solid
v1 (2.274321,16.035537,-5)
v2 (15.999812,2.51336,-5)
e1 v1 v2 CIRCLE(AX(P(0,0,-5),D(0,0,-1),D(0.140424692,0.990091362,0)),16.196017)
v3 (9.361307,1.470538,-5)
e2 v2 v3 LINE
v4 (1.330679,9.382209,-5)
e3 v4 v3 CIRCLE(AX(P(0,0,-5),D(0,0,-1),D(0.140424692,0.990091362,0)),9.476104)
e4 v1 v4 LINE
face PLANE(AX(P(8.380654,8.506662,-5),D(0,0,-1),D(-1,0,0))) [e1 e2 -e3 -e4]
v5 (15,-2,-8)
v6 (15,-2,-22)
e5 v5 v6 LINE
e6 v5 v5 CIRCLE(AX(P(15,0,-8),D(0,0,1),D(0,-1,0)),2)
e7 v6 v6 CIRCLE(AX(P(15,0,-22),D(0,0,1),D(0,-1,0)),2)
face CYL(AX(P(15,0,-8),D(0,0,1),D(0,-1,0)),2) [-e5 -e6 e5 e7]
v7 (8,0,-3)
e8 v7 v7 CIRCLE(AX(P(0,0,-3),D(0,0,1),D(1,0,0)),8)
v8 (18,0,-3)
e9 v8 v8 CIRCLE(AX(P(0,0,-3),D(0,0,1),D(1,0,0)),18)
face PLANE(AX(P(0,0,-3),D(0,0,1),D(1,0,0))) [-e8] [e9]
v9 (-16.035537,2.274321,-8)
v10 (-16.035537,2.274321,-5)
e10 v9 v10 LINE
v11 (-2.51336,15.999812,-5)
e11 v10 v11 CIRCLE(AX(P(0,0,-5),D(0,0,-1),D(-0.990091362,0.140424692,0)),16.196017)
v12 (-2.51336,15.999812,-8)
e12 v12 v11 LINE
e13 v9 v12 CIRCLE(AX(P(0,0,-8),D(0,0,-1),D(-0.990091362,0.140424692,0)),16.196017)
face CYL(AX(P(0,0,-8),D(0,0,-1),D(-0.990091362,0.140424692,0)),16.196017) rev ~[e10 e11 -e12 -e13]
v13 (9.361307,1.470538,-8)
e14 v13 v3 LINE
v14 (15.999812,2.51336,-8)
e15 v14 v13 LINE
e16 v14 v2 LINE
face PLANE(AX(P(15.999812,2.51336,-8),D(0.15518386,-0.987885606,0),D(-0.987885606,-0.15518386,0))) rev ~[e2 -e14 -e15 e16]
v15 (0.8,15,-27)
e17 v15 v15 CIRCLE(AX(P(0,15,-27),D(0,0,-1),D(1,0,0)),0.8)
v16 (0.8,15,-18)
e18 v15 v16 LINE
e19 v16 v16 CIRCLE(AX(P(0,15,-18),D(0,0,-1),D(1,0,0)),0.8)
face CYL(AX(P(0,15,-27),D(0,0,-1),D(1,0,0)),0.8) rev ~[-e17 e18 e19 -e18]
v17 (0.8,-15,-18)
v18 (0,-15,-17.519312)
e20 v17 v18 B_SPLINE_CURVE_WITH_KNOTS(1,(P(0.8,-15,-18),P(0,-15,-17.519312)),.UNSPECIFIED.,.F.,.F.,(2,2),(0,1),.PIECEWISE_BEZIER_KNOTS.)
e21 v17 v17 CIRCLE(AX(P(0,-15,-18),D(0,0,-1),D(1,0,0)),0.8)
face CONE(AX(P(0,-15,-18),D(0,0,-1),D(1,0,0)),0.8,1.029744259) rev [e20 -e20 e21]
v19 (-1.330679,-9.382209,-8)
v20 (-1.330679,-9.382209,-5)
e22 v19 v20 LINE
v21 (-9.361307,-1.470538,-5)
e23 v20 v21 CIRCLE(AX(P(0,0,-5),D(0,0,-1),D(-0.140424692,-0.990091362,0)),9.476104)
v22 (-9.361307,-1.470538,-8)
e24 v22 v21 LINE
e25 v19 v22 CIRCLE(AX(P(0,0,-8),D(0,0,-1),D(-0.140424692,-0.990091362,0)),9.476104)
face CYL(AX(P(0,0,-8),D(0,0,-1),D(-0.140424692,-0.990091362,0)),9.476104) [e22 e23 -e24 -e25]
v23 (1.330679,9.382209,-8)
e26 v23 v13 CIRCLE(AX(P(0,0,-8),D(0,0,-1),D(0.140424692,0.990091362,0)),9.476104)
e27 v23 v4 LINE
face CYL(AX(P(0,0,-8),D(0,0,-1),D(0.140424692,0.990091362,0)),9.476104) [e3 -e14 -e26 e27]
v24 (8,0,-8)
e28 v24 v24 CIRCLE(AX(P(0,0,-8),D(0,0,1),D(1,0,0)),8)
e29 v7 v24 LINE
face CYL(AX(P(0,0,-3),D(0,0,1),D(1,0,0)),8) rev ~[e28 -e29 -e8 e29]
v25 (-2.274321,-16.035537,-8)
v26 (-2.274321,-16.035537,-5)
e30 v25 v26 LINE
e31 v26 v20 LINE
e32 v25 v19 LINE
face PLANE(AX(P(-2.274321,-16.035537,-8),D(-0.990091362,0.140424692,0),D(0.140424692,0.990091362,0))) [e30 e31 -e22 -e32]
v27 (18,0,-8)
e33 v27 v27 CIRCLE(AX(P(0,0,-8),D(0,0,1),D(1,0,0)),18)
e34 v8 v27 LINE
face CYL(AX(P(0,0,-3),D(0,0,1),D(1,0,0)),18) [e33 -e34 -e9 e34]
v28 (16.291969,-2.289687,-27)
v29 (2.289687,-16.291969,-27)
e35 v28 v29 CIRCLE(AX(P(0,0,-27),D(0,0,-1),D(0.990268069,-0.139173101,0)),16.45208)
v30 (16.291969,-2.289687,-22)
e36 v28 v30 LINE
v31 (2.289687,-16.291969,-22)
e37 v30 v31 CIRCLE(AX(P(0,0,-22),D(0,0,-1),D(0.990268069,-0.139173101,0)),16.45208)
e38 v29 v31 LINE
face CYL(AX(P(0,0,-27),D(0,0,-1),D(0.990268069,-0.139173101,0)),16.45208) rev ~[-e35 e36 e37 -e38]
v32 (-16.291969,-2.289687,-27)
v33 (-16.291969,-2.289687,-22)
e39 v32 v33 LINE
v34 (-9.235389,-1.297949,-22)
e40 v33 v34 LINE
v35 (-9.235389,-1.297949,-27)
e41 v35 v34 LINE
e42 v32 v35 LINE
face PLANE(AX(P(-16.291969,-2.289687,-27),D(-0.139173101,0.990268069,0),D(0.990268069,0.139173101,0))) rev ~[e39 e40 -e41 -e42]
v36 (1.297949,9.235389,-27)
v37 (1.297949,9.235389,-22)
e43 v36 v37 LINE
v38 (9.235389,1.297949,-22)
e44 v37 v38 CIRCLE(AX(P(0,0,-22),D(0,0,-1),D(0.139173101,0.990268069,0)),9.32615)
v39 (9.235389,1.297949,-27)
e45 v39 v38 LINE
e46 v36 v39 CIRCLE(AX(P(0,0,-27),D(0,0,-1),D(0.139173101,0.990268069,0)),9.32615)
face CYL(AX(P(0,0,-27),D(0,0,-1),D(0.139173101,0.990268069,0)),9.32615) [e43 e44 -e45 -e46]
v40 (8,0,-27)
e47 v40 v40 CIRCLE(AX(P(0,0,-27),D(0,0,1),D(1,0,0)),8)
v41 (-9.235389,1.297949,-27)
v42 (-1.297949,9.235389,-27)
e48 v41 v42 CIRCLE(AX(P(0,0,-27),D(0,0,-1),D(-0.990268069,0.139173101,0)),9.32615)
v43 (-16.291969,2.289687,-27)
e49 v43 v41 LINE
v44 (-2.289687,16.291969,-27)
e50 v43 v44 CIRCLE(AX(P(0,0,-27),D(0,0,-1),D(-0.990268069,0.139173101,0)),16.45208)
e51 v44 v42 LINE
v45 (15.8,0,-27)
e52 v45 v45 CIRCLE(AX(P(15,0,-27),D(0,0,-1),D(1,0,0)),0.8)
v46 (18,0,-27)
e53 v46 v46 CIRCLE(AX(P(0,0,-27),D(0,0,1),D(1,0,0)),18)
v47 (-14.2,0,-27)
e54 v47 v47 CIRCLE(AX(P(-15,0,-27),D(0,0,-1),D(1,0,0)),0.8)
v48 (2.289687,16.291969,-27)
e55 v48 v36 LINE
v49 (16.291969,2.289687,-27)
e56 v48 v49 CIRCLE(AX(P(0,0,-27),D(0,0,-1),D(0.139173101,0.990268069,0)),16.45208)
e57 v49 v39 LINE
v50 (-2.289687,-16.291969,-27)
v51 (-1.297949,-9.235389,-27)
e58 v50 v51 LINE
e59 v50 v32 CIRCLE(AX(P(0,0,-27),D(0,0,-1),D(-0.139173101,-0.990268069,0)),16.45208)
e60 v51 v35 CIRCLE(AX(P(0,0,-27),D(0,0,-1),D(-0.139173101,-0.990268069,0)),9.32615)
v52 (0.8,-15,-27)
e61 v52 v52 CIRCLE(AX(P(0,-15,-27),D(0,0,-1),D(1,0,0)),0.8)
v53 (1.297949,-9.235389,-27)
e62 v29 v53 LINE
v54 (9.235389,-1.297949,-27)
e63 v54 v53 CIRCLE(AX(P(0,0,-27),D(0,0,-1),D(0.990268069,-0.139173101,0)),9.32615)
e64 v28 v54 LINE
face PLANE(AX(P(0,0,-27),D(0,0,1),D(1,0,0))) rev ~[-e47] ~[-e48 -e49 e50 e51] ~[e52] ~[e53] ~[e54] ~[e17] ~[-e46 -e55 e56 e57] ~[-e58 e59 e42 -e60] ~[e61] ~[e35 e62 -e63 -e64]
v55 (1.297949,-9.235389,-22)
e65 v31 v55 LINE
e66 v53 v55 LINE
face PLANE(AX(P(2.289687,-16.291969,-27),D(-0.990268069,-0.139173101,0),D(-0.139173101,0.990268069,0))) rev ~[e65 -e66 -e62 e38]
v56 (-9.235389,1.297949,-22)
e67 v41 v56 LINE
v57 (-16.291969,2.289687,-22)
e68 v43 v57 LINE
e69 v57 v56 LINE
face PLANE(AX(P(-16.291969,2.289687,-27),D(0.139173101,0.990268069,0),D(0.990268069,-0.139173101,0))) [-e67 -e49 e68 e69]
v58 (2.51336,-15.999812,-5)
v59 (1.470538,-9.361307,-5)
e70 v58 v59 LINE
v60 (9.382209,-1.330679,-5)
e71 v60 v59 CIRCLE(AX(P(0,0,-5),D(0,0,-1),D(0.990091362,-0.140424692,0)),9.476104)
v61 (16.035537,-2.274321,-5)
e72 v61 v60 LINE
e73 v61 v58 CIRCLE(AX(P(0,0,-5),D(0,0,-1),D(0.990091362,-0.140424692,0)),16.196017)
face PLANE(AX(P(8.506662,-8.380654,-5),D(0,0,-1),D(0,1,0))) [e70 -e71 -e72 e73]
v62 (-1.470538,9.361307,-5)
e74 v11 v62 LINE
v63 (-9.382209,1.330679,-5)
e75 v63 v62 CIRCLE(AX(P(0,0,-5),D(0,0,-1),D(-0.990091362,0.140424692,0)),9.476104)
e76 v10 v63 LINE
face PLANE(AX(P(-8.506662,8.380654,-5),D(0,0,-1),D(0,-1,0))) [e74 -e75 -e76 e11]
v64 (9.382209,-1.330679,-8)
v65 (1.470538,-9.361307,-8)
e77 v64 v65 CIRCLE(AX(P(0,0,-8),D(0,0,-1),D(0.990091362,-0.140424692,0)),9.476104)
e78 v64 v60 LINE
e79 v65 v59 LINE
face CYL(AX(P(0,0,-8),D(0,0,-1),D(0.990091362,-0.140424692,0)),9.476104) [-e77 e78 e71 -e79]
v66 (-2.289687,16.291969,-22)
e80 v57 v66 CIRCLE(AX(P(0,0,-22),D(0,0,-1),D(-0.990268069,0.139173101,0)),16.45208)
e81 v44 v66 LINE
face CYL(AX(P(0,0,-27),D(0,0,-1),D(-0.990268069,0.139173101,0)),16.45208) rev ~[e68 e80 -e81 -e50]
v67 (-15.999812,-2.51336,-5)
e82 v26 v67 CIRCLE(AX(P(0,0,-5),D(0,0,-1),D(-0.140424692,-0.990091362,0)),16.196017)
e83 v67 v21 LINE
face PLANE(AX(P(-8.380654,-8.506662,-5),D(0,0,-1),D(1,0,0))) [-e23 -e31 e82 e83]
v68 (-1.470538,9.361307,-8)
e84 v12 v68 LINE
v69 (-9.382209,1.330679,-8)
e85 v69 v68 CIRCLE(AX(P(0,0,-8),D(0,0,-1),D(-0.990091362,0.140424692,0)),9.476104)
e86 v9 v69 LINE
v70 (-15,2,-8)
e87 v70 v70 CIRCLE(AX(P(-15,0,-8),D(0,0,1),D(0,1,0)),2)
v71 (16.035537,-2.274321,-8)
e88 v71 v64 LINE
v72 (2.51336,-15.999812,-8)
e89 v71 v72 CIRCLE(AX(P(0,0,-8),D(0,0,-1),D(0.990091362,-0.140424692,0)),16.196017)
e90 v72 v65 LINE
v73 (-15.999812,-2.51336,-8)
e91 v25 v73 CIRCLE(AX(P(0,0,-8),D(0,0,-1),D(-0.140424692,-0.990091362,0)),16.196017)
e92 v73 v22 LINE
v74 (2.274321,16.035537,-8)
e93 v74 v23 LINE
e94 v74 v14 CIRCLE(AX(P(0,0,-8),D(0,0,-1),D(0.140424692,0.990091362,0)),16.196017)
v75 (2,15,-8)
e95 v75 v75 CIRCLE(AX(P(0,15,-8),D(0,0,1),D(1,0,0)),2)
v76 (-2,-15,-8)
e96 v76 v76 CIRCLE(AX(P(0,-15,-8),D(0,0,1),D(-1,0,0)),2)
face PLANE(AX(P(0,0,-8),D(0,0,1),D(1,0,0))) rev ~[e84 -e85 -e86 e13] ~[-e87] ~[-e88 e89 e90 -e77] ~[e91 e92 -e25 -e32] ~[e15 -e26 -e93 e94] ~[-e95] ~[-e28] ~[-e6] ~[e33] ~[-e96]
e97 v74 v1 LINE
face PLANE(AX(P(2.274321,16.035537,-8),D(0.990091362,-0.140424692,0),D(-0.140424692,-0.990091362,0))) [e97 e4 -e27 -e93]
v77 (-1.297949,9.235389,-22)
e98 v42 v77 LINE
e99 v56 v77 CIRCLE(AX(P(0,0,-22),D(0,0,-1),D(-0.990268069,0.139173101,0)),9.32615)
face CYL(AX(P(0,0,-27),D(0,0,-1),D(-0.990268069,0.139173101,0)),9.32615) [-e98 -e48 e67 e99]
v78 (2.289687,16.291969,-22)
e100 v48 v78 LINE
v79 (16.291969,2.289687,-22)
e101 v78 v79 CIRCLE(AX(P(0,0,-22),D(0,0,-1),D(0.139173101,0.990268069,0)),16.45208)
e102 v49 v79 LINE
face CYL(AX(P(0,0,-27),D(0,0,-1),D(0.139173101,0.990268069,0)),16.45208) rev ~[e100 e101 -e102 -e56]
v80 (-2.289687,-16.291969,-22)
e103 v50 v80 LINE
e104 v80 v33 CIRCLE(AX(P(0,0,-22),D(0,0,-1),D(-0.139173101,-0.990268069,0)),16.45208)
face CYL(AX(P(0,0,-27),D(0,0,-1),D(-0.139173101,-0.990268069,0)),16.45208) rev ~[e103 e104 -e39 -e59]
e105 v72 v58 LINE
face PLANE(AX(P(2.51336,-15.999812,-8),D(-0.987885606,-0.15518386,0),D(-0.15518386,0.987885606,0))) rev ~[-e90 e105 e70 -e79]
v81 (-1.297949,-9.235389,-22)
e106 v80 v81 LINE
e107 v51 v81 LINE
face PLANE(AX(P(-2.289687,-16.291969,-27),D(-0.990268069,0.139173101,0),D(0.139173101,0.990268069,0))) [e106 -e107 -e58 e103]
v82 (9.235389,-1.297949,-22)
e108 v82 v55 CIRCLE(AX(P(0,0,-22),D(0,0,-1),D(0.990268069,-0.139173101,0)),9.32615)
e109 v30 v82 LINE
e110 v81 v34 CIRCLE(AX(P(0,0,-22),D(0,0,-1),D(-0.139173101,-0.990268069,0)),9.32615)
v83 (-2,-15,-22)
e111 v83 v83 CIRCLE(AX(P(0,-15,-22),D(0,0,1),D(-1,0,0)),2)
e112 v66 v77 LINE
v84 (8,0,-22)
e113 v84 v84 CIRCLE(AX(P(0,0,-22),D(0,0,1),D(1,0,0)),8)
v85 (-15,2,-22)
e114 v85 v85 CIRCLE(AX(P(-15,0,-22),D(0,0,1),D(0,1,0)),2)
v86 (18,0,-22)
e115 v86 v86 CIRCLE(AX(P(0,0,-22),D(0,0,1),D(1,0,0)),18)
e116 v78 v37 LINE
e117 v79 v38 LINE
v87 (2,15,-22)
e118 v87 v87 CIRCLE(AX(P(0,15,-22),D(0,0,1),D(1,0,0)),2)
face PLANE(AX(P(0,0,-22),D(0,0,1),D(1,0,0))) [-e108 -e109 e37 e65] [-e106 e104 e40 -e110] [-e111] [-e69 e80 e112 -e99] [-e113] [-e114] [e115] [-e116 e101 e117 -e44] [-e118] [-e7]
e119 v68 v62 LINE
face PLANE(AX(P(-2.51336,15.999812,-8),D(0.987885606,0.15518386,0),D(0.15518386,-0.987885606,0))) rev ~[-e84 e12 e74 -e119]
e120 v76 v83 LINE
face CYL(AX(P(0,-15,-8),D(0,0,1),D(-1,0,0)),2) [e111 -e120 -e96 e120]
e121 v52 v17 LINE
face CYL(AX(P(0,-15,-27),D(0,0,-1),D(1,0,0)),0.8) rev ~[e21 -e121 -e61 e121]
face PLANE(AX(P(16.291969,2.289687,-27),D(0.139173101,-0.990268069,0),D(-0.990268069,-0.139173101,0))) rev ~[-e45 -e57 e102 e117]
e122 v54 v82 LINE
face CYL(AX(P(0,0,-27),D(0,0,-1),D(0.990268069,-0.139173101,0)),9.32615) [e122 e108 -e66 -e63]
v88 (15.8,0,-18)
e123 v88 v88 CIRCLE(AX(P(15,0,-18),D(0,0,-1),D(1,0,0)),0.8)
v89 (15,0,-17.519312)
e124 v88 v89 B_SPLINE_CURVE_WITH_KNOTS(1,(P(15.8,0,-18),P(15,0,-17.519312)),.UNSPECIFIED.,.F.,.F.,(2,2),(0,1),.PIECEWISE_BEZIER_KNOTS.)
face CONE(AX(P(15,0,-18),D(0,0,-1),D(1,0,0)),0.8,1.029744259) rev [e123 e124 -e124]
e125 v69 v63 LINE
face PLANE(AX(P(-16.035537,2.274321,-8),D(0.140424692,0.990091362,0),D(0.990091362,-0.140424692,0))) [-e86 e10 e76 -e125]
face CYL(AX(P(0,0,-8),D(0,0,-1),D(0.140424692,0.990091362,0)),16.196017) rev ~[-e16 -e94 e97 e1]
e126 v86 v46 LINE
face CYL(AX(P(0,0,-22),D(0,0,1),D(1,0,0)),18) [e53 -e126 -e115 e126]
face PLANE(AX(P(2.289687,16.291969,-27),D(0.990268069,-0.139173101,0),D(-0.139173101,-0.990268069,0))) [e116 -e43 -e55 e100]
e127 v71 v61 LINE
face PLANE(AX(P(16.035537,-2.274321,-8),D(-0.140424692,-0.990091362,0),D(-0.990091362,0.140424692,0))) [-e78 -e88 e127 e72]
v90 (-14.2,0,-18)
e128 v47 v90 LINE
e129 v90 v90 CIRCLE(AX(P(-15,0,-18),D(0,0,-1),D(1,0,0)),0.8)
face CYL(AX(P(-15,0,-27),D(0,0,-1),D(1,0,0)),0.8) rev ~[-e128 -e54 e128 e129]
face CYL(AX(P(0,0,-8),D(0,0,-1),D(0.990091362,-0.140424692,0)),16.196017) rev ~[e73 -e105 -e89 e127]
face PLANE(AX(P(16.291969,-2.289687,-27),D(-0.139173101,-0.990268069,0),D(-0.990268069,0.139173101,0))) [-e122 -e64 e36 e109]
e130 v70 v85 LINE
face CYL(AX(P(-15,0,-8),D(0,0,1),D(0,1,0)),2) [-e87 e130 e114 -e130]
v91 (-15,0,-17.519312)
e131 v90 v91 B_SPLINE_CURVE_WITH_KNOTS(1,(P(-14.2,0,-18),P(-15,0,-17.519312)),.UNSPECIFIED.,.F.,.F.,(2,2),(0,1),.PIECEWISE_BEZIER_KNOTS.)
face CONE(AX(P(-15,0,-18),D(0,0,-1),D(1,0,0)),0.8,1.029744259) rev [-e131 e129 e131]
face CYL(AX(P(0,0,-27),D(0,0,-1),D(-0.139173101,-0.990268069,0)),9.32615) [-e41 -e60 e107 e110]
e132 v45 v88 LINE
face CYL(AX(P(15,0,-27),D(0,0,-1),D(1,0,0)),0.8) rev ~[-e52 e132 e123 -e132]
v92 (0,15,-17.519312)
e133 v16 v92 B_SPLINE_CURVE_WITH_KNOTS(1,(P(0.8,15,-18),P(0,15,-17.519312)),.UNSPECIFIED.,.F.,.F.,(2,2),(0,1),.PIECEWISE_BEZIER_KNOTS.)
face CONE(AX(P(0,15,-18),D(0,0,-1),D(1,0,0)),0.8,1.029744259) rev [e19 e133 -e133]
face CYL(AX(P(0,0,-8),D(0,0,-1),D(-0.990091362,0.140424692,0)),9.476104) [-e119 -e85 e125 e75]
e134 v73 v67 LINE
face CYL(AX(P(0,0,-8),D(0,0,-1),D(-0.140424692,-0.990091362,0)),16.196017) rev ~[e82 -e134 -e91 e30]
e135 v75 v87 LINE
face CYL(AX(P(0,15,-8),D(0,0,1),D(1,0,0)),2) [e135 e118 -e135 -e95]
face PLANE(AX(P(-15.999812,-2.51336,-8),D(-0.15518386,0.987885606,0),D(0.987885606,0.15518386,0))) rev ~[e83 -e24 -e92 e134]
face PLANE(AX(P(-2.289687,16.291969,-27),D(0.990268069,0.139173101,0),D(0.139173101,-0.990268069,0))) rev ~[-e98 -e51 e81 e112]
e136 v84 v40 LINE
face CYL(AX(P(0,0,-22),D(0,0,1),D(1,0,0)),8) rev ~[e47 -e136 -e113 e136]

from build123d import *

# Parameters (mm, degrees)
SKETCH004_R           = 18
SKETCH004_R_2         = 8
PAD005_DEPTH          = 5
POCKET003_DEPTH       = 3
POLARPATTERN002_COUNT = 4
SKETCH005_R           = 2
PAD006_DEPTH          = 14
POLARPATTERN_COUNT    = 4
SKETCH006_R           = 18
SKETCH006_R_2         = 8
PAD007_DEPTH          = 5
POCKET001_DEPTH       = 5
POLARPATTERN001_COUNT = 4
SKETCH017_R           = 0.8
HOLE_DEPTH            = 9
HOLE_TIPS_R           = 0.8


with BuildPart() as part:
    # Sketch004 → Pad005 (new body)
    with BuildSketch(Plane.XY.offset(3)):
        Circle(SKETCH004_R)
        Circle(SKETCH004_R_2, mode=Mode.SUBTRACT)
    extrude(amount=-PAD005_DEPTH)

    # Sketch016 (on Face4 of Pad005) → Pocket003 (cut)
    with BuildSketch(Plane(origin=(0, 0, -2), x_dir=(1, 0, 0), z_dir=(0, 0, -1))):
        with BuildLine():
            ThreePointArc((-2.274320715, 16.0355366217), (-11.366542794, 11.537446614), (-15.9998121466, 2.5133604465))
            Line((-15.9998121466, 2.5133604465), (-9.3613070154, 1.4705384391))
            ThreePointArc((-1.3306790273, 9.382208997), (-6.6504341316, 6.7504280011), (-9.3613070154, 1.4705384391))
            Line((-2.274320715, 16.0355366217), (-1.3306790273, 9.382208997))
        make_face()
    pocket003 = extrude(amount=-POCKET003_DEPTH, mode=Mode.SUBTRACT)

    # PolarPattern002: Pocket003 ×4 about axis
    polarpattern002_axis = Axis((0, 0, -2), (0, 0, -1))
    for i in range(1, POLARPATTERN002_COUNT):
        add(pocket003.rotate(polarpattern002_axis, i * 360 / POLARPATTERN002_COUNT), mode=Mode.SUBTRACT)

    # Sketch005 (on Face3 of Pad005) → Pad006 (join)
    with BuildSketch(Plane.XY.offset(-2)):
        with Locations((0, 15)):
            Circle(SKETCH005_R)
    pad006 = extrude(amount=-PAD006_DEPTH)

    # PolarPattern: Pad006 ×4 about axis
    polarpattern_axis = Axis((0, 0, 0), (0, 0, 1))
    for i in range(1, POLARPATTERN_COUNT):
        add(pad006.rotate(polarpattern_axis, i * 360 / POLARPATTERN_COUNT))

    # Sketch006 → Pad007 (join)
    with BuildSketch(Plane.XY.offset(-16)):
        Circle(SKETCH006_R)
        Circle(SKETCH006_R_2, mode=Mode.SUBTRACT)
    extrude(amount=-PAD007_DEPTH)

    # Sketch011 (on Face3 of Pad007) → Pocket001 (cut)
    with BuildSketch(Plane(origin=(0, 0, -21), x_dir=(1, 0, 0), z_dir=(0, 0, -1))):
        with BuildLine():
            ThreePointArc((9.2353888952, 1.2979492641), (6.5945841544, 6.5945841544), (1.2979492641, 9.2353888952))
            Line((2.2896869549, 16.2919692324), (1.2979492641, 9.2353888952))
            ThreePointArc((16.2919692324, 2.2896869549), (11.6333771498, 11.6333771498), (2.2896869549, 16.2919692324))
            Line((16.2919692324, 2.2896869549), (9.2353888952, 1.2979492641))
        make_face()
    pocket001 = extrude(amount=-POCKET001_DEPTH, mode=Mode.SUBTRACT)

    # PolarPattern001: Pocket001 ×4 about axis
    polarpattern001_axis = Axis((0, 0, 0), (0, 0, 1))
    for i in range(1, POLARPATTERN001_COUNT):
        add(pocket001.rotate(polarpattern001_axis, i * 360 / POLARPATTERN001_COUNT), mode=Mode.SUBTRACT)

    # Sketch017 (on Face3 of PolarPattern001) → Hole (cut)
    with BuildSketch(Plane(origin=(0, 0, -21), x_dir=(1, 0, 0), z_dir=(0, 0, -1))):
        with Locations((0, 15)):
            Circle(SKETCH017_R)
        with Locations((0, -15)):
            Circle(SKETCH017_R)
        with Locations((-15, 0)):
            Circle(SKETCH017_R)
        with Locations((15, 0)):
            Circle(SKETCH017_R)
    extrude(amount=-HOLE_DEPTH, mode=Mode.SUBTRACT)

    # Hole tips → Hole tip 1 section 0
    with BuildSketch(Plane(origin=(0, 0, -12), x_dir=(1, 0, 0), z_dir=(0, 0, -1)), mode=Mode.PRIVATE) as hole_tip_1_s0:
        with Locations((0, 15)):
            Circle(HOLE_TIPS_R)
    loft([hole_tip_1_s0.sketch, Vertex(0, -15, -11.5193115048)], mode=Mode.SUBTRACT)

    # Hole tips → Hole tip 2 section 0
    with BuildSketch(Plane(origin=(0, 0, -12), x_dir=(1, 0, 0), z_dir=(0, 0, -1)), mode=Mode.PRIVATE) as hole_tip_2_s0:
        with Locations((0, -15)):
            Circle(HOLE_TIPS_R)
    loft([hole_tip_2_s0.sketch, Vertex(0, 15, -11.5193115048)], mode=Mode.SUBTRACT)

    # Hole tips → Hole tip 3 section 0
    with BuildSketch(Plane(origin=(0, 0, -12), x_dir=(1, 0, 0), z_dir=(0, 0, -1)), mode=Mode.PRIVATE) as hole_tip_3_s0:
        with Locations((-15, 0)):
            Circle(HOLE_TIPS_R)
    loft([hole_tip_3_s0.sketch, Vertex(-15, 0, -11.5193115048)], mode=Mode.SUBTRACT)

    # Hole tips → Hole tip 4 section 0
    with BuildSketch(Plane(origin=(0, 0, -12), x_dir=(1, 0, 0), z_dir=(0, 0, -1)), mode=Mode.PRIVATE) as hole_tip_4_s0:
        with Locations((15, 0)):
            Circle(HOLE_TIPS_R)
    loft([hole_tip_4_s0.sketch, Vertex(15, 0, -11.5193115048)], mode=Mode.SUBTRACT)


with BuildPart() as part_1:
    # Body002 placement: moved
    add(part.part.moved(Location((0, 0, -6))))


solid = part_1.part
